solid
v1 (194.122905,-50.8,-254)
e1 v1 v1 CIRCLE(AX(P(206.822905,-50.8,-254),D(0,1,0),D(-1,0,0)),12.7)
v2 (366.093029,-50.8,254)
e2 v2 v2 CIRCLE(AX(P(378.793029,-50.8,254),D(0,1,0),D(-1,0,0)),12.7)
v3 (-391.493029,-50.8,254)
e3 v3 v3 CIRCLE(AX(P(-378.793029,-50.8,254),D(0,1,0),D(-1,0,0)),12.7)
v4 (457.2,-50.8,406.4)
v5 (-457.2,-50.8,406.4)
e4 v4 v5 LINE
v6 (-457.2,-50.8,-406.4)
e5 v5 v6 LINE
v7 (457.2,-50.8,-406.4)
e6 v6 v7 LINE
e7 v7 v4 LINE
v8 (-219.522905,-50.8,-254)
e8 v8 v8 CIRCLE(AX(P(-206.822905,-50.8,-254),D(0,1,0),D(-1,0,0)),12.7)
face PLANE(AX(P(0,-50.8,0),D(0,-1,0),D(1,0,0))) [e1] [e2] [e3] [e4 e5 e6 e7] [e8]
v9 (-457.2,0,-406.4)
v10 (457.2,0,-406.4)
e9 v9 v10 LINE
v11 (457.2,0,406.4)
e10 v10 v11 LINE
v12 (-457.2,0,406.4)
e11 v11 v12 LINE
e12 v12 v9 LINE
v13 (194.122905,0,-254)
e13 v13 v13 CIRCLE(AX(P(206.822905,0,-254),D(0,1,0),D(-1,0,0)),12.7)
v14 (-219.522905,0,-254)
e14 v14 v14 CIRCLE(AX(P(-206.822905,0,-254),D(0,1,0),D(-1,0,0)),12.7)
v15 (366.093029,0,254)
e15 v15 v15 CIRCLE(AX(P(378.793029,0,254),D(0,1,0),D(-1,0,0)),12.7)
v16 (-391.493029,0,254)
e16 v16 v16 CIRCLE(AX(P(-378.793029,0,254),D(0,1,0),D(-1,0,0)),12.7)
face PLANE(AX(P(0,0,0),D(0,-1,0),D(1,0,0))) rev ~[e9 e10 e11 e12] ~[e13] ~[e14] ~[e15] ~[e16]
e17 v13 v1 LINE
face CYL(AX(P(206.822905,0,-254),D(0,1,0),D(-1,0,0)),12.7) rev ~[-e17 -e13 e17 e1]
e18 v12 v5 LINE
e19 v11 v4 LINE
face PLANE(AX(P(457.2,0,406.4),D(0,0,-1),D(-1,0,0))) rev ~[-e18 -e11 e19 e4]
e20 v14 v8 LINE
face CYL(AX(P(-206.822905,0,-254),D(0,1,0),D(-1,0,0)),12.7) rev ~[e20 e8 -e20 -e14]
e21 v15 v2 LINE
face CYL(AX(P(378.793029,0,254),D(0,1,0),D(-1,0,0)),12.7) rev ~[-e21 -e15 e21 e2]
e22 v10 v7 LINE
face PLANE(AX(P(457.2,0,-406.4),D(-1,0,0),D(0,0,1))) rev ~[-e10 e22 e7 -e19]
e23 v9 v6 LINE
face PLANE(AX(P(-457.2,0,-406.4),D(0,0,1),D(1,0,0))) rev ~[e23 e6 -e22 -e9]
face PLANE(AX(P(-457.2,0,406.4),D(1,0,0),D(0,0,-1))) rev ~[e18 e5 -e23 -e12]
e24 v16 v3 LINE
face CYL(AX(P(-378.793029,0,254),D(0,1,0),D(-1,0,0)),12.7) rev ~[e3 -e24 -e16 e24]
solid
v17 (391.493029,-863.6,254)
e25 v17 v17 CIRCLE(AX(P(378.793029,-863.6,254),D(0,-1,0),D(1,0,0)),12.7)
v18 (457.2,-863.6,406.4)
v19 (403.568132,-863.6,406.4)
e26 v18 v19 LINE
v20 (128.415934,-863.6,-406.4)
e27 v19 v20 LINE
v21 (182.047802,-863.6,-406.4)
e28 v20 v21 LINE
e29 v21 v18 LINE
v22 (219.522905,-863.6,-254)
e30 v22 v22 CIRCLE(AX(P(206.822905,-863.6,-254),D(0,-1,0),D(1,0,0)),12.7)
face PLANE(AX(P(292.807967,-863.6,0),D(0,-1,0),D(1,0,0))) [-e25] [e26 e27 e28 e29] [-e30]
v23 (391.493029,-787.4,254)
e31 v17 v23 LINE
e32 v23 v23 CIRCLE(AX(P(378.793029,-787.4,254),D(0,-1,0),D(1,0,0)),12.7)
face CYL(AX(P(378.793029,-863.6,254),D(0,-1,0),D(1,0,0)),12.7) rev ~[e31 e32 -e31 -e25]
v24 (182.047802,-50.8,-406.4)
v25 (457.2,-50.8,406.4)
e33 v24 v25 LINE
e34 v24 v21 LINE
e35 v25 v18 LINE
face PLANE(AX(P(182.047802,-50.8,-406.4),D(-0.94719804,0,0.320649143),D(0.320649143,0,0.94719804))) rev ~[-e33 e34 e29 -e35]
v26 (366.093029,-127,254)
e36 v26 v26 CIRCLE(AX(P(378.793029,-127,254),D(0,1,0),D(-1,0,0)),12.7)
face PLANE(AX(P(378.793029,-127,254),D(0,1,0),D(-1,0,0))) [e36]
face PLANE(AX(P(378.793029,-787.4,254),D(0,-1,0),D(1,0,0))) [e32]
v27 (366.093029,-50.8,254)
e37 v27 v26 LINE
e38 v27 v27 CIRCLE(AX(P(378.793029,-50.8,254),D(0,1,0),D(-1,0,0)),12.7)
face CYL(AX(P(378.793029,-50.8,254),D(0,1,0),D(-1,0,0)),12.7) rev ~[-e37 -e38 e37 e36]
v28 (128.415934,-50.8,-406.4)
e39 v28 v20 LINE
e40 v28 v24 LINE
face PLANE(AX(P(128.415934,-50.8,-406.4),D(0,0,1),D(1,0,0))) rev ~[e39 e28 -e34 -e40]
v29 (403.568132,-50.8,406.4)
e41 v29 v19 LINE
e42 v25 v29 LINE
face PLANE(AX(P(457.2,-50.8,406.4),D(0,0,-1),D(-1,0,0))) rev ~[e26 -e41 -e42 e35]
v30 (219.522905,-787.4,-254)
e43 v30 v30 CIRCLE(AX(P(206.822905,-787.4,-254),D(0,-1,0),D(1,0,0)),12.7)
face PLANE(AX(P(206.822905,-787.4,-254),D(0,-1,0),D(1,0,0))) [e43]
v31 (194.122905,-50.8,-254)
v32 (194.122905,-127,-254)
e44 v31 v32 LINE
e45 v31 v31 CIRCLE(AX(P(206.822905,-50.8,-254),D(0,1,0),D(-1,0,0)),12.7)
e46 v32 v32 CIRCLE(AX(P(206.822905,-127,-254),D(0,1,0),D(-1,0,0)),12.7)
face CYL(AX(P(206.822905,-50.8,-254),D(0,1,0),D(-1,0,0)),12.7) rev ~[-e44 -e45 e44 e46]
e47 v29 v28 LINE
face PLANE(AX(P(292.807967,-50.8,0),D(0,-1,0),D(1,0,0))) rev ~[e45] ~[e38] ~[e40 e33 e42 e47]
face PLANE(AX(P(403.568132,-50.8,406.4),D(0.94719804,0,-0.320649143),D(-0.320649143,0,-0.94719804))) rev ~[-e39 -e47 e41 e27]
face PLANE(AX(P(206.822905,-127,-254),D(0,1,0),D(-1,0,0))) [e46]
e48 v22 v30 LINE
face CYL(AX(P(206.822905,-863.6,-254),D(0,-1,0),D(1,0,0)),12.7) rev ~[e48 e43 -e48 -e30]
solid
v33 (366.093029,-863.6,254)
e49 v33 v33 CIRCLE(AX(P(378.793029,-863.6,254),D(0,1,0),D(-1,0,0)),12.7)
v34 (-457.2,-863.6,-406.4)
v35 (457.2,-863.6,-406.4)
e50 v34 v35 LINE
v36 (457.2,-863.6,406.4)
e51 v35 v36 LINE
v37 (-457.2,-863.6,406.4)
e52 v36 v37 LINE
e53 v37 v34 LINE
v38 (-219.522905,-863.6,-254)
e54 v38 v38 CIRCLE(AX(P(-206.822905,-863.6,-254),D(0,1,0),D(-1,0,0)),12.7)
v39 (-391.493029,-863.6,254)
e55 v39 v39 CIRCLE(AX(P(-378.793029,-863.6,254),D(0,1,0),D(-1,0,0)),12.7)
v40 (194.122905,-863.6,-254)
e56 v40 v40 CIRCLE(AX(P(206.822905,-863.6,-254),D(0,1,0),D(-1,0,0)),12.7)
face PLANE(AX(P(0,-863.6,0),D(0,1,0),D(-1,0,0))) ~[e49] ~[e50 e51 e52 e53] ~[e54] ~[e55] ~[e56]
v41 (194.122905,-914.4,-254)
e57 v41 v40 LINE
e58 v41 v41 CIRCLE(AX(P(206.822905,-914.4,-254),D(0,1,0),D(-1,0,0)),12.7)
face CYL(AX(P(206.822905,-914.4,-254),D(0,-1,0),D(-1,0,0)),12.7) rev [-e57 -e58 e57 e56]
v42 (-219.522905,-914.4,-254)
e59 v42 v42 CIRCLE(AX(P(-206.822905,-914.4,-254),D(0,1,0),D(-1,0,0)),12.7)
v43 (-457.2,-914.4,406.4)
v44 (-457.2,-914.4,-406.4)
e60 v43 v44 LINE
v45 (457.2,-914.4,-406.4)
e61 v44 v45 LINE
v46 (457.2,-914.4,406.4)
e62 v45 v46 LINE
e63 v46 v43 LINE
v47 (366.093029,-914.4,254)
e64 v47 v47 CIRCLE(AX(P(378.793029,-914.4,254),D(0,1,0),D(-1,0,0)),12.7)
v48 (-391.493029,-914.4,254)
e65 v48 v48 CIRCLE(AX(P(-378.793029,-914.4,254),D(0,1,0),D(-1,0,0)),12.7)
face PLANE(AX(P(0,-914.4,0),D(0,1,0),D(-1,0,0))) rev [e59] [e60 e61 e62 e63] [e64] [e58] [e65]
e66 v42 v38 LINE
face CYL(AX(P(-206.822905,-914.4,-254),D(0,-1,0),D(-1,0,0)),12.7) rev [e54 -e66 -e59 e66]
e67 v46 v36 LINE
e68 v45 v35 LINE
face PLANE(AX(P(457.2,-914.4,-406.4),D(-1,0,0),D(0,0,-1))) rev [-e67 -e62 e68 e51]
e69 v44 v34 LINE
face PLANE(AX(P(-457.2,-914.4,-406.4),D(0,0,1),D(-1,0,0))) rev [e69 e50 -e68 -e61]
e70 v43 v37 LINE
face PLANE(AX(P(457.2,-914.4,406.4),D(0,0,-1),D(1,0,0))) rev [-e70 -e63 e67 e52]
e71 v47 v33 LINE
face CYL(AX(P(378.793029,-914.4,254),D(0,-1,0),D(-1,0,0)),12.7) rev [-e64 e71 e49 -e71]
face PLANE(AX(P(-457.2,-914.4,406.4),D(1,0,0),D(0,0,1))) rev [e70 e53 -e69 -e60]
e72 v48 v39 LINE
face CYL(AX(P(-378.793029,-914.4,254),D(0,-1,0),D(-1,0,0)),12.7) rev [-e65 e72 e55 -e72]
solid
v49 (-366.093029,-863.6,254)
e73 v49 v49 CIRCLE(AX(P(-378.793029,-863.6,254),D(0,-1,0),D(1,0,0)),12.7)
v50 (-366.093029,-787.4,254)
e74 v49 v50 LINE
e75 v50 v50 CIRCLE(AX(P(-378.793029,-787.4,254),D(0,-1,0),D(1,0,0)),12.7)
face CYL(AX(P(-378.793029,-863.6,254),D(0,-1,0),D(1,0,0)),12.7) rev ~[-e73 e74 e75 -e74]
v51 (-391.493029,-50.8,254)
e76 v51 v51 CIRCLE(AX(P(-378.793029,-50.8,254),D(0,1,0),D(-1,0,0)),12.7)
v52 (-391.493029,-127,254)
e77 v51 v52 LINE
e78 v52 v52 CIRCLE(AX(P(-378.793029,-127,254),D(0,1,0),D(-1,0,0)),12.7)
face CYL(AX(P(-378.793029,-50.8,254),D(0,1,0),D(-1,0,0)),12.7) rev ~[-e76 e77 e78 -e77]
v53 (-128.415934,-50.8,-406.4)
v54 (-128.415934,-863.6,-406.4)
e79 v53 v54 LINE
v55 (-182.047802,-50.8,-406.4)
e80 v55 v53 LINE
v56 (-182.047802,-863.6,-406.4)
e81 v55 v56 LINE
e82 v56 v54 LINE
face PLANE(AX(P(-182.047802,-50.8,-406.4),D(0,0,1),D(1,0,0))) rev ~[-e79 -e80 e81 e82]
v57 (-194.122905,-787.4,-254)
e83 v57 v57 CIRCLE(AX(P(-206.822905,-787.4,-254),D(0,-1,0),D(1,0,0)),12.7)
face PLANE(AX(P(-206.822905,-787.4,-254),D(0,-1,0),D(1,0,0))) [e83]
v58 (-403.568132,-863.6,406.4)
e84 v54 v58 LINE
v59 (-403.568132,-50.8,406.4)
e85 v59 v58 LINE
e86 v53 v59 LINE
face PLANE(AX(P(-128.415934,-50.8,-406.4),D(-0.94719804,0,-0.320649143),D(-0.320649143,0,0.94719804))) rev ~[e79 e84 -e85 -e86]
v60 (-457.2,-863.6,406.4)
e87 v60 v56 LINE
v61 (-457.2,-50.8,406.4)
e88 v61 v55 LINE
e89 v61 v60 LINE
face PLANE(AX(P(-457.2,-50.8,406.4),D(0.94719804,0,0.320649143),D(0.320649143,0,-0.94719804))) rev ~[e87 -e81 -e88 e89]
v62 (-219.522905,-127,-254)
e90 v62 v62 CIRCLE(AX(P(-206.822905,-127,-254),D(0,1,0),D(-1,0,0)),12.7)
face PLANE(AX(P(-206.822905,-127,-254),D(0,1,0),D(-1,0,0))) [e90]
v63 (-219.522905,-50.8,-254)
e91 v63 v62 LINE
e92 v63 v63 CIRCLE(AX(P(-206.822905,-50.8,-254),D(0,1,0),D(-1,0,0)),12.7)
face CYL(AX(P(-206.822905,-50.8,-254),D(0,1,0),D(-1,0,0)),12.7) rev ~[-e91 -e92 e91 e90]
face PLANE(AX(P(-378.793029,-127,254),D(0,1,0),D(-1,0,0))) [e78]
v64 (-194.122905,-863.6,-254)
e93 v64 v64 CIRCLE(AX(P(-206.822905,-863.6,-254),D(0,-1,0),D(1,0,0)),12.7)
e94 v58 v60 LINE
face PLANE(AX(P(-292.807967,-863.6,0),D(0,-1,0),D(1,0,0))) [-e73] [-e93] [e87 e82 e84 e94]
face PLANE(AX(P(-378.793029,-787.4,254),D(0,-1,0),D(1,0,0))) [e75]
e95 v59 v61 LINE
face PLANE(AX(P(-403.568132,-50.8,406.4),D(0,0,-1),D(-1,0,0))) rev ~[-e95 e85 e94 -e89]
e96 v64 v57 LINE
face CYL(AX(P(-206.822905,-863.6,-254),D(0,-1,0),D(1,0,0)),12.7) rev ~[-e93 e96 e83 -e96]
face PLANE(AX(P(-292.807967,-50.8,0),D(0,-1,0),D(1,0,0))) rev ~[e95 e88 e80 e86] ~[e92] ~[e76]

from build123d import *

# Parameters (mm, degrees)
F1_DEPTH  = 50.8
F4_R      = 12.7
F5_DEPTH  = 50.8
F7_DEPTH  = 812.8
F8_R      = 12.7
F10_DEPTH = 76.2
F9_R      = 12.7
F11_DEPTH = 76.2


with BuildPart() as f1:
    # F0 (on Front) → F1 (new body)
    with BuildSketch(Plane.XZ):
        Polygon((-457.2, 406.4), (-457.2, -406.4), (0, -406.4), (457.2, -406.4), (457.2, 406.4), (0, 406.4), align=None)
    extrude(amount=F1_DEPTH)

    # F4 (on face) → F5 (cut, through all)
    with BuildSketch(Plane(origin=(0, 0, 0), x_dir=(-1, 0, 0), z_dir=(0, 1, 0))):
        with Locations((-378.7930289355, 254)):
            Circle(F4_R)
        with Locations((-206.8229049263, -254)):
            Circle(F4_R)
        with Locations((378.7930289355, 254)):
            Circle(F4_R)
        with Locations((206.8229049263, -254)):
            Circle(F4_R)
    extrude(amount=-F5_DEPTH, mode=Mode.SUBTRACT)


with BuildPart() as f6_1:
    # F6: instance of F1
    add(f1.part.mirror(Plane.XZ.offset(457.2)))


with BuildPart() as f7:
    # F3 (on face) → F7 (new body, through all)
    with BuildSketch(Plane.XZ.offset(50.8)):
        Polygon((-128.4159338618, -406.4), (-403.5681322764, 406.4), (-457.2, 406.4), (-182.0478015853, -406.4), align=None)
    extrude(amount=F7_DEPTH)


with BuildPart() as f7b:
    # F3 (on face) → F7, piece 2 (new body, through all)
    with BuildSketch(Plane.XZ.offset(50.8)):
        Polygon((457.2, 406.4), (403.5681322764, 406.4), (128.4159338618, -406.4), (182.0478015853, -406.4), align=None)
    extrude(amount=F7_DEPTH)


with BuildPart() as f10_tool:
    # F8 (on face) → F10 (new body)
    with BuildSketch(Plane(origin=(0, -50.8, 0), x_dir=(-1, 0, 0), z_dir=(0, 1, 0))):
        with Locations((-378.7930289355, 254)):
            Circle(F8_R)
        with Locations((-206.8229049263, -254)):
            Circle(F8_R)
        with Locations((378.7930289355, 254)):
            Circle(F8_R)
        with Locations((206.8229049263, -254)):
            Circle(F8_R)
    extrude(amount=-F10_DEPTH)


with BuildPart() as f7_1:
    add(f7.part)

    # F10: cut by f10_tool
    add(f10_tool.part, mode=Mode.SUBTRACT)


with BuildPart() as f7b_1:
    add(f7b.part)

    # F10: cut by f10_tool
    add(f10_tool.part, mode=Mode.SUBTRACT)


with BuildPart() as f11_tool:
    # F9 (on face) → F11 (new body)
    with BuildSketch(Plane.XZ.offset(863.6)):
        with Locations((-378.7930289355, 254)):
            Circle(F9_R)
        with Locations((-206.8229049263, -254)):
            Circle(F9_R)
        with Locations((378.7930289355, 254)):
            Circle(F9_R)
        with Locations((206.8229049263, -254)):
            Circle(F9_R)
    extrude(amount=-F11_DEPTH)


with BuildPart() as f7_2:
    add(f7_1.part)

    # F11: cut by f11_tool
    add(f11_tool.part, mode=Mode.SUBTRACT)


with BuildPart() as f7b_2:
    add(f7b_1.part)

    # F11: cut by f11_tool
    add(f11_tool.part, mode=Mode.SUBTRACT)


solid = Compound([f1.part, f6_1.part, f7_2.part, f7b_2.part])
